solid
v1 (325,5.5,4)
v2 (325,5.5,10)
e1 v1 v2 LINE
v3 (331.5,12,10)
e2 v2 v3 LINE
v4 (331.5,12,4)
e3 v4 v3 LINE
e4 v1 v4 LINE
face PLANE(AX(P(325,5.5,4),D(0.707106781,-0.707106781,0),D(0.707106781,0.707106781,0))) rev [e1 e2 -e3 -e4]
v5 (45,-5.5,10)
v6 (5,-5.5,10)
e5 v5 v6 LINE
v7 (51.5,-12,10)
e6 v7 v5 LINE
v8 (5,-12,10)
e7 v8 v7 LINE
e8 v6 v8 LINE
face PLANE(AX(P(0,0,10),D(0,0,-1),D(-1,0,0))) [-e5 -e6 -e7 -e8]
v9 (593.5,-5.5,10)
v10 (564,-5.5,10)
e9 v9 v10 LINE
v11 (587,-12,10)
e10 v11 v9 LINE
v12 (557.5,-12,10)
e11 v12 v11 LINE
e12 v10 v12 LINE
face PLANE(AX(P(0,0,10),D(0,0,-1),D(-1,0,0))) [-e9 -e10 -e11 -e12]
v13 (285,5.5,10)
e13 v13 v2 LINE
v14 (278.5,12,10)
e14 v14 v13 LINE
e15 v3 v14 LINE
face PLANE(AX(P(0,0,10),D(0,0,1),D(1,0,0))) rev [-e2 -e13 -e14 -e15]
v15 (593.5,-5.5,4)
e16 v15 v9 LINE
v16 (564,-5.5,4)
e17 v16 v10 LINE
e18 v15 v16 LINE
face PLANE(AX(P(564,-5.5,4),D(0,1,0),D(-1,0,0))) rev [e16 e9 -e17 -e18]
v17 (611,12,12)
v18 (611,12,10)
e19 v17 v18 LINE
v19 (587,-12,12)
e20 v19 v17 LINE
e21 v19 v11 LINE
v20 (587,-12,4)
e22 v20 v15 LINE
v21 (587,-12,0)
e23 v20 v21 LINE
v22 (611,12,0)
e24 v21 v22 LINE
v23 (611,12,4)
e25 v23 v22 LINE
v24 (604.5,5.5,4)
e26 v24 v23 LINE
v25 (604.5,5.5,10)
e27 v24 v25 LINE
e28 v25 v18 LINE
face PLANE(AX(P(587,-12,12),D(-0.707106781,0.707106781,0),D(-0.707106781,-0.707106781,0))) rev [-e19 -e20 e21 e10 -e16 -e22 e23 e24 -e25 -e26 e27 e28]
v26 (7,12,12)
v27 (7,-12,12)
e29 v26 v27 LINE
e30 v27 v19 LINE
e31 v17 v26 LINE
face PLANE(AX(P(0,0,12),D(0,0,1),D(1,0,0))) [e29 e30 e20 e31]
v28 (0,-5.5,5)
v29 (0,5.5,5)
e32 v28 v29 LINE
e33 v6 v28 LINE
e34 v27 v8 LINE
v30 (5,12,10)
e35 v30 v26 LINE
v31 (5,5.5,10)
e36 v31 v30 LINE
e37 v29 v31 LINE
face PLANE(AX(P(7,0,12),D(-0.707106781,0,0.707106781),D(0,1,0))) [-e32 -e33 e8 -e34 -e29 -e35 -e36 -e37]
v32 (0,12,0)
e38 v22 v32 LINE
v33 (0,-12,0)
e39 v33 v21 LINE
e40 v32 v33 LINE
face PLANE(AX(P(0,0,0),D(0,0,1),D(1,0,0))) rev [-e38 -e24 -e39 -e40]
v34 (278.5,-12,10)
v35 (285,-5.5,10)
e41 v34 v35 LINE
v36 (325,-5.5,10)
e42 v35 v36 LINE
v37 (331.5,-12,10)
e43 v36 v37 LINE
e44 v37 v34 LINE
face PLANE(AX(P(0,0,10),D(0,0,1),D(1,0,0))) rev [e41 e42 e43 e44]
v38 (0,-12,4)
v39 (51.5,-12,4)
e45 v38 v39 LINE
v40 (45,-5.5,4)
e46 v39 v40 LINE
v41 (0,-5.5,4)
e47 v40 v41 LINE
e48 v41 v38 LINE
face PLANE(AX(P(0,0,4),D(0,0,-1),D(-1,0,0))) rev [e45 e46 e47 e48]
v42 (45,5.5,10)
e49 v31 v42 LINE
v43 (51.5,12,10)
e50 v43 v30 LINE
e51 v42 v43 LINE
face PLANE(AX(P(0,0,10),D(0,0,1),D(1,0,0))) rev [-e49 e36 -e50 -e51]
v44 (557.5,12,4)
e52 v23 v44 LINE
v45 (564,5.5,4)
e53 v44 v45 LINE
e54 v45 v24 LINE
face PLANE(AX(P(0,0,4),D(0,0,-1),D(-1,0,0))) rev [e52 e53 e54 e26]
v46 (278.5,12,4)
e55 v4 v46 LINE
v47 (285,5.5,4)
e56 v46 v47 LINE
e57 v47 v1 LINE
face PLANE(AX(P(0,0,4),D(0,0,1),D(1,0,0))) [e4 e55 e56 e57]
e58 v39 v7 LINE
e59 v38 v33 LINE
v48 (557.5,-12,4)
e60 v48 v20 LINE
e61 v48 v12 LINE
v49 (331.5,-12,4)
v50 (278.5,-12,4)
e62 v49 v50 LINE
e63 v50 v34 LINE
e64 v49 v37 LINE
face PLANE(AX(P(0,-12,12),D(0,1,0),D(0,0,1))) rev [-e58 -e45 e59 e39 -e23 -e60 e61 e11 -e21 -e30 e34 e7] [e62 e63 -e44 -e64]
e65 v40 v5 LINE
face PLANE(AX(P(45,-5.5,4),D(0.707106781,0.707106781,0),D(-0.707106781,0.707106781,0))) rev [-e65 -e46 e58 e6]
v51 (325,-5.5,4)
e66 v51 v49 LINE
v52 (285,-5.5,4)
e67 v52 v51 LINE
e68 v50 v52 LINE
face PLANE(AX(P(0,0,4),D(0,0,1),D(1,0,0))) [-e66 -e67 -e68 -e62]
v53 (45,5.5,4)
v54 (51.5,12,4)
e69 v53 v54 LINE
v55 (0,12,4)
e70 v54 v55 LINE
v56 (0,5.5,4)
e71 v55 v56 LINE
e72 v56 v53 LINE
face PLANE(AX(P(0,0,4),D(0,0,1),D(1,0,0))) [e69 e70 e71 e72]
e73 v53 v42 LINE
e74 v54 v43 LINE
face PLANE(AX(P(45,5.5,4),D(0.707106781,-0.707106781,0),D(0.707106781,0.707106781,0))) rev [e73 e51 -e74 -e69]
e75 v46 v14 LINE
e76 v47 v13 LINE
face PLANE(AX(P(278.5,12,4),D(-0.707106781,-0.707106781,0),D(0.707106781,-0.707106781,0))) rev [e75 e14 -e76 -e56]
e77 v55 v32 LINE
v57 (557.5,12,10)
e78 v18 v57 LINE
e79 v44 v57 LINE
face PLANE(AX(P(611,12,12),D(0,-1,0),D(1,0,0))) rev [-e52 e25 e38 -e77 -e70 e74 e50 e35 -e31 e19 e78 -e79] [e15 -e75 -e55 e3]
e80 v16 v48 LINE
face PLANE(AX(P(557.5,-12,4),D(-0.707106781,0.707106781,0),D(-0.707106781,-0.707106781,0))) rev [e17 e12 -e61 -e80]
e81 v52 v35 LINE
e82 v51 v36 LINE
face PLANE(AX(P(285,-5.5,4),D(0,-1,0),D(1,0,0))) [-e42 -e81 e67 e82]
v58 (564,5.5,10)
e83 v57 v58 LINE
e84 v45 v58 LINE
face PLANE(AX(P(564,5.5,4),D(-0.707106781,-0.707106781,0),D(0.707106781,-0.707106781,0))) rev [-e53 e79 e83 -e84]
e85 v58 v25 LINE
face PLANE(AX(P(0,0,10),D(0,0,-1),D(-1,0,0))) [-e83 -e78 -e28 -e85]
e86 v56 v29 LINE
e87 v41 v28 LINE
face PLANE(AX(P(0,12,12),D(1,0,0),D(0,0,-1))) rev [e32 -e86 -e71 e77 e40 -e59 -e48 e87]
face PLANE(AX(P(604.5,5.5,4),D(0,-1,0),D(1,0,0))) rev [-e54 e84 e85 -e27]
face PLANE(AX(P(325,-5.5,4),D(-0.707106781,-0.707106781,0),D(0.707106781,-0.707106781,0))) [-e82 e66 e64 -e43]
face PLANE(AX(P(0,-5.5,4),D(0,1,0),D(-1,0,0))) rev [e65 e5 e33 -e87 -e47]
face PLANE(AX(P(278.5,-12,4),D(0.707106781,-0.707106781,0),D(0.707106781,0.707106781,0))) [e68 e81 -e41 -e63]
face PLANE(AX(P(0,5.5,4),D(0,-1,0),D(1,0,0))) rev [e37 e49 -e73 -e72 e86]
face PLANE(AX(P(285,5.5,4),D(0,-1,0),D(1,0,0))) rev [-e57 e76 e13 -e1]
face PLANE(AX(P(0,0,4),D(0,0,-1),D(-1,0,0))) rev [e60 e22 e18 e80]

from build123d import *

# Parameters (mm, degrees)
EXTRUDE_1_DEPTH     = 12
CUT_EXTRUDE_START   = -2
CUT_EXTRUDE_1_DEPTH = 6
CHAMFER_1_SIZE      = 7
CUT_EXTRUDE_2_DEPTH = 6


with BuildPart() as part:
    # 草图1 → 凸台-拉伸1 (new body)
    with BuildSketch(Plane.XY):
        Polygon((0, 12), (0, -12), (587, -12), (611, 12), align=None)
    extrude(amount=EXTRUDE_1_DEPTH)

    # 草图2 → 切除-拉伸1 (cut)
    with BuildSketch(Plane.XY.offset(12).offset(CUT_EXTRUDE_START)):
        Polygon((278.5, 12), (285, 5.5), (325, 5.5), (331.5, 12), align=None)
    cut_extrude_1 = extrude(amount=-CUT_EXTRUDE_1_DEPTH, mode=Mode.SUBTRACT)

    # 倒角1
    chamfer_1_edges = [part.edges().sort_by_distance(p)[0] for p in [
        (0, 0, 12),
    ]]
    chamfer(chamfer_1_edges, length=CHAMFER_1_SIZE)

    # 镜向1: 切除-拉伸1 across plane
    add(cut_extrude_1.mirror(Plane.ZX), mode=Mode.SUBTRACT)

    # 草图3 → 切除-拉伸2 (cut)
    with BuildSketch(Plane.XY.offset(12).offset(CUT_EXTRUDE_START)):
        Polygon((593.5, -5.5), (587, -12), (557.5, -12), (564, -5.5), align=None)
        Polygon((611, 12), (604.5, 5.5), (564, 5.5), (557.5, 12), align=None)
        Polygon((0, 12), (0, 5.5), (45, 5.5), (51.5, 12), align=None)
        Polygon((0, -12), (0, -5.5), (45, -5.5), (51.5, -12), align=None)
    extrude(amount=-CUT_EXTRUDE_2_DEPTH, mode=Mode.SUBTRACT)


solid = part.part
